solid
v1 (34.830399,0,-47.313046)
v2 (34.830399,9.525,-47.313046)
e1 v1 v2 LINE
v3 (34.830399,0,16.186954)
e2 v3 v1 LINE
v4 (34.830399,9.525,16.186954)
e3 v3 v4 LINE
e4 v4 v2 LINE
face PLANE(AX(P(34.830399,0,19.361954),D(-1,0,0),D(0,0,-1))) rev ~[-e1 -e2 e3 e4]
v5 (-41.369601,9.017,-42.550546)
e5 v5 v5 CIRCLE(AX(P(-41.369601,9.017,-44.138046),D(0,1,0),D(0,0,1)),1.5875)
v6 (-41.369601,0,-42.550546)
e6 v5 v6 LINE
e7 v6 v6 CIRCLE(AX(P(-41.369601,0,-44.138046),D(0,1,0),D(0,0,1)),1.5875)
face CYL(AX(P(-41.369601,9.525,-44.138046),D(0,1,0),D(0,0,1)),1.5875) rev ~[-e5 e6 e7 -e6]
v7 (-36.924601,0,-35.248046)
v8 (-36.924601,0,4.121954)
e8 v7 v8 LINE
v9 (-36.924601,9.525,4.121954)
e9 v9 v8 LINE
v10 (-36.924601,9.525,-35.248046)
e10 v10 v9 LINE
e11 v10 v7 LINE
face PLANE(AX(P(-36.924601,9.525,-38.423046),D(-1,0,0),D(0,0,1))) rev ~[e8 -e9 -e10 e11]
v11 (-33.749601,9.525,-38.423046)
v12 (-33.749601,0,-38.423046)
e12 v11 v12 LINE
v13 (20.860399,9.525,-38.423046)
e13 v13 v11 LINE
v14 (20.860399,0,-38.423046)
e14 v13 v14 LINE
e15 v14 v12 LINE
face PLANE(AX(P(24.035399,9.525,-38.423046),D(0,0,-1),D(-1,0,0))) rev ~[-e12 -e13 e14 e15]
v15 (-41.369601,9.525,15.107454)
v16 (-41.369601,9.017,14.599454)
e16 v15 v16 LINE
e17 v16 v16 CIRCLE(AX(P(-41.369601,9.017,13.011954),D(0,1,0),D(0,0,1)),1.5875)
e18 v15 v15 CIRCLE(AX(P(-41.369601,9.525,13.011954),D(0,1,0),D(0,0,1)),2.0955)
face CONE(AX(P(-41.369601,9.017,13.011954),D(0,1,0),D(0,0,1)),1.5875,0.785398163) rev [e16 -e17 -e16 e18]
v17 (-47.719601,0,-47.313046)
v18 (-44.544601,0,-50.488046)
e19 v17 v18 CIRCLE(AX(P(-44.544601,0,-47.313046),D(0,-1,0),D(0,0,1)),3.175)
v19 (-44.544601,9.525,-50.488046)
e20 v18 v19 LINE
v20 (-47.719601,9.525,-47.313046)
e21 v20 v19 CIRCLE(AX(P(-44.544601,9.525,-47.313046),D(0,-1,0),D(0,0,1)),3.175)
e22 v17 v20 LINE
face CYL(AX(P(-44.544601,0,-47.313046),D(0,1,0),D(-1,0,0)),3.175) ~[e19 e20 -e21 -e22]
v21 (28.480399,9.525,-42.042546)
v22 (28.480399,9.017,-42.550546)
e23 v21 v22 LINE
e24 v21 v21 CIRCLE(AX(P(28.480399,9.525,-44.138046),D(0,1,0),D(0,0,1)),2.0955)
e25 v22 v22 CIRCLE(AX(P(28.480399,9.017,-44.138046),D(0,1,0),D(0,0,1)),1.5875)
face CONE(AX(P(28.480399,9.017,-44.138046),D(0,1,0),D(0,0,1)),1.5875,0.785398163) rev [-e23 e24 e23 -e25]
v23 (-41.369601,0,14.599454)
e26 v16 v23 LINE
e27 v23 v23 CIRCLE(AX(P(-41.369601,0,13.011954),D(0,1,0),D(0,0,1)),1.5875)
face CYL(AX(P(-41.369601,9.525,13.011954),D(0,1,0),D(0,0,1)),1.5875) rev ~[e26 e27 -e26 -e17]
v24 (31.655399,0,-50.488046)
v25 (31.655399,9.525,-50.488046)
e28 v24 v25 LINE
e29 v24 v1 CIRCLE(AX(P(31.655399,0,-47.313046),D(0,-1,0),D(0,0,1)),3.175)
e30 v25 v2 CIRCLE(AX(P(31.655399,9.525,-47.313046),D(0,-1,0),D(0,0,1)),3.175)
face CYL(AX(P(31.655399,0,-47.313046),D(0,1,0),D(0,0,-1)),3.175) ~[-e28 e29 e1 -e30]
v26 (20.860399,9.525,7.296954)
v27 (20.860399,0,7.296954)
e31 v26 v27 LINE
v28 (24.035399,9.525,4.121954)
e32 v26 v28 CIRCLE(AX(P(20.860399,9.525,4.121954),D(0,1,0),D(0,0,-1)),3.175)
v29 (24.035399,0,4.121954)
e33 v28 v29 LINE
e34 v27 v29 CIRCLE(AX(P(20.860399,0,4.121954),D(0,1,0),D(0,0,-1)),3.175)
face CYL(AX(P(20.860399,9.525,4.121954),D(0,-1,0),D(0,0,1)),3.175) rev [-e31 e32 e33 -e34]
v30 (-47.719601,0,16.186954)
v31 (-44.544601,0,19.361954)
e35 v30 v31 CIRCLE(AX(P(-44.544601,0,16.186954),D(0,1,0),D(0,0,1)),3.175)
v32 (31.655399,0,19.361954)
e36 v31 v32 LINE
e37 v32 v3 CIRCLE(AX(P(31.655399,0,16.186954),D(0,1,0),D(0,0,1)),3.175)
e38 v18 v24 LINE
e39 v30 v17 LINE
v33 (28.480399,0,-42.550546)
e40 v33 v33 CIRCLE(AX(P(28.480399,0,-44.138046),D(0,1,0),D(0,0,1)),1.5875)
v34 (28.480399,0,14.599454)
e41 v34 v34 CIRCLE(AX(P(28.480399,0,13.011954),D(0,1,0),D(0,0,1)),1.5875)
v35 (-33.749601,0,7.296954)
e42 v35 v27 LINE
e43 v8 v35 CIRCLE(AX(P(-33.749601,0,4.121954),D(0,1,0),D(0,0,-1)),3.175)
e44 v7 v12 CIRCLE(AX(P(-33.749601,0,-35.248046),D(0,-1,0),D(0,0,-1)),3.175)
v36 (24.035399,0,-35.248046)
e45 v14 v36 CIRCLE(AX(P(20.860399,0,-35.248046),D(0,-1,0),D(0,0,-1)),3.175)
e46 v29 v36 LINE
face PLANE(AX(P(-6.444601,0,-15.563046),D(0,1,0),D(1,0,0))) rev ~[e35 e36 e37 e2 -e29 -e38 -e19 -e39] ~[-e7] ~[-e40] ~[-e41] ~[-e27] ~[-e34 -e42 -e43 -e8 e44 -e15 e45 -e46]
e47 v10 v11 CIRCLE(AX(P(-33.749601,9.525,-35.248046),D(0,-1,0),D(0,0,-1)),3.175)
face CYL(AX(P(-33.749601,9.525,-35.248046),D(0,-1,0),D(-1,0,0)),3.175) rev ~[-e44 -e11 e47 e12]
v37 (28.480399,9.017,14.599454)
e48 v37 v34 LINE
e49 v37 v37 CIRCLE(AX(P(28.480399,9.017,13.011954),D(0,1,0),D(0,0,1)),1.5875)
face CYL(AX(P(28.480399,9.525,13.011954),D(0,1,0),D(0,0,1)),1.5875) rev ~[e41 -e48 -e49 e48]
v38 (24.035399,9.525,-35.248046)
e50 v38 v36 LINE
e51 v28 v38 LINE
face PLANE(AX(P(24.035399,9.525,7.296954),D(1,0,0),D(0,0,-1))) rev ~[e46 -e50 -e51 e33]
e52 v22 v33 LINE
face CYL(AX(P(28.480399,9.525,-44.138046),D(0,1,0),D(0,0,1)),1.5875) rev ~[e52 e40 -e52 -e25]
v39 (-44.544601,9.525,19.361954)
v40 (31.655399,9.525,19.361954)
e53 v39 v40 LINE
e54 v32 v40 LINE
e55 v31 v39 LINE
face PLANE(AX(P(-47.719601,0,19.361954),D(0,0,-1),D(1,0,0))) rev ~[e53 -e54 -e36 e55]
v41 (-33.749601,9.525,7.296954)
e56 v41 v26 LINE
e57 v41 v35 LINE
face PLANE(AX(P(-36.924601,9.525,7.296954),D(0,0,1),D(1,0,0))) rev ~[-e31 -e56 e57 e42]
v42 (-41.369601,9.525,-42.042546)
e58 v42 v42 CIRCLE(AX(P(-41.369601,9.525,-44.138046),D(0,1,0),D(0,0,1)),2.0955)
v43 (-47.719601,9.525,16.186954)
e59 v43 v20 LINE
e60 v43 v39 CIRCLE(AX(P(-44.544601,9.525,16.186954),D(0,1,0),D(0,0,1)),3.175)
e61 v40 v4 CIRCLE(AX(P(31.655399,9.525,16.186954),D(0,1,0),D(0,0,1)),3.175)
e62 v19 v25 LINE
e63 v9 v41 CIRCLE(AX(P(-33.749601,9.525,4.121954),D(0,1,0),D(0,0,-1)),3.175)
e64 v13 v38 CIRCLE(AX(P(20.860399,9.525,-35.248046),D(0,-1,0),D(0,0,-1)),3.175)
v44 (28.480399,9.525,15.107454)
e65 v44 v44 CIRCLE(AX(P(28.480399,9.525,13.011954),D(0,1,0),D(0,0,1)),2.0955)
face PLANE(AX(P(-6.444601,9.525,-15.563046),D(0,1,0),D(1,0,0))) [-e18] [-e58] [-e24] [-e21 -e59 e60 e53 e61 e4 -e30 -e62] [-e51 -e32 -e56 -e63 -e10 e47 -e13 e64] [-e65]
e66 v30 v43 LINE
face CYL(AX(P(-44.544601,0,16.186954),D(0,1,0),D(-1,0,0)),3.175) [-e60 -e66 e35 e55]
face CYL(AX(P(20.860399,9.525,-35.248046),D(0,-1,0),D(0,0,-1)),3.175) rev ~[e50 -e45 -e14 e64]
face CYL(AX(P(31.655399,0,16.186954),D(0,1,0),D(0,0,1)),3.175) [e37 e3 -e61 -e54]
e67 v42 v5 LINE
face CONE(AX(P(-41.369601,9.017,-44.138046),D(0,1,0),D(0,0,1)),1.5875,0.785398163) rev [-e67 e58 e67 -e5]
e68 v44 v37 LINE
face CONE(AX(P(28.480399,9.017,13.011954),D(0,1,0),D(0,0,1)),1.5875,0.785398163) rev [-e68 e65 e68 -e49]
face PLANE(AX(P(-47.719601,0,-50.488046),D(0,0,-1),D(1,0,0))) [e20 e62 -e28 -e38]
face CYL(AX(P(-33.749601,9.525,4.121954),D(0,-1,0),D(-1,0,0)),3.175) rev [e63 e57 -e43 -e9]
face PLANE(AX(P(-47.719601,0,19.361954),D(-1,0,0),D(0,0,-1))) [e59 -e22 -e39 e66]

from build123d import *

# Parameters (mm, degrees)
SKETCH1_W           = 82.55
SKETCH1_H           = 69.85
BOSS_EXTRUDE1_DEPTH = 9.525
SKETCH2_W           = 30.48
SKETCH2_H           = 22.86
CUT_EXTRUDE1_DEPTH  = 71.120815038
SKETCH5_R           = 1.5875
CUT_EXTRUDE2_DEPTH  = 71.120815038
FILLET1_R           = 3.175
CHAMFER1_SIZE       = 0.508


with BuildPart() as part:
    # Sketch1 → Boss-Extrude1 (new body)
    with BuildSketch(Plane(origin=(0, 0, 0), x_dir=(1, 0, 0), z_dir=(0, 1, 0))):
        with Locations((-6.44460094, 15.563045741)):
            Rectangle(SKETCH1_W, SKETCH1_H)
    extrude(amount=BOSS_EXTRUDE1_DEPTH)

    # Sketch2 → Cut-Extrude1 (cut, through all)
    with BuildSketch(Plane(origin=(0, 9.525, 0), x_dir=(1, 0, 0), z_dir=(0, 1, 0))):
        with Locations((-21.68460094, 26.993045741)):
            Rectangle(SKETCH2_W, SKETCH2_H)
        with Locations((8.79539906, 26.993045741)):
            Rectangle(SKETCH2_W, SKETCH2_H)
        with Locations((8.79539906, 4.133045741)):
            Rectangle(SKETCH2_W, SKETCH2_H)
        with Locations((-21.68460094, 4.133045741)):
            Rectangle(SKETCH2_W, SKETCH2_H)
    extrude(amount=-CUT_EXTRUDE1_DEPTH, mode=Mode.SUBTRACT)

    # Sketch5 → Cut-Extrude2 (cut, through all)
    with BuildSketch(Plane(origin=(0, 9.525, 0), x_dir=(1, 0, 0), z_dir=(0, 1, 0))):
        with Locations(Location((-41.36960094, 44.138045741, 0), (0, 0, 270))):
            Circle(SKETCH5_R)
        with Locations(Location((28.48039906, 44.138045741, 0), (0, 0, 270))):
            Circle(SKETCH5_R)
        with Locations(Location((28.48039906, -13.011954259, 0), (0, 0, 270))):
            Circle(SKETCH5_R)
        with Locations(Location((-41.36960094, -13.011954259, 0), (0, 0, 270))):
            Circle(SKETCH5_R)
    extrude(amount=-CUT_EXTRUDE2_DEPTH, mode=Mode.SUBTRACT)

    # Fillet1
    fillet1_edges = [part.edges().sort_by_distance(p)[0] for p in [
        (24.03539906, 4.7625, 7.296954259),
        (-36.92460094, 4.7625, 7.296954259),
        (-36.92460094, 4.7625, -38.423045741),
        (24.03539906, 4.7625, -38.423045741),
        (-47.71960094, 4.7625, -50.488045741),
        (34.83039906, 4.7625, -50.488045741),
        (34.83039906, 4.7625, 19.361954259),
        (-47.71960094, 4.7625, 19.361954259),
    ]]
    fillet(fillet1_edges, radius=FILLET1_R)

    # Chamfer1
    chamfer1_edges = [part.edges().sort_by_distance(p)[0] for p in [
        (-41.36960094, 9.525, 11.424454259),
        (28.48039906, 9.525, 11.424454259),
        (28.48039906, 9.525, -45.725545741),
        (-41.36960094, 9.525, -45.725545741),
    ]]
    chamfer(chamfer1_edges, length=CHAMFER1_SIZE)


solid = part.part
